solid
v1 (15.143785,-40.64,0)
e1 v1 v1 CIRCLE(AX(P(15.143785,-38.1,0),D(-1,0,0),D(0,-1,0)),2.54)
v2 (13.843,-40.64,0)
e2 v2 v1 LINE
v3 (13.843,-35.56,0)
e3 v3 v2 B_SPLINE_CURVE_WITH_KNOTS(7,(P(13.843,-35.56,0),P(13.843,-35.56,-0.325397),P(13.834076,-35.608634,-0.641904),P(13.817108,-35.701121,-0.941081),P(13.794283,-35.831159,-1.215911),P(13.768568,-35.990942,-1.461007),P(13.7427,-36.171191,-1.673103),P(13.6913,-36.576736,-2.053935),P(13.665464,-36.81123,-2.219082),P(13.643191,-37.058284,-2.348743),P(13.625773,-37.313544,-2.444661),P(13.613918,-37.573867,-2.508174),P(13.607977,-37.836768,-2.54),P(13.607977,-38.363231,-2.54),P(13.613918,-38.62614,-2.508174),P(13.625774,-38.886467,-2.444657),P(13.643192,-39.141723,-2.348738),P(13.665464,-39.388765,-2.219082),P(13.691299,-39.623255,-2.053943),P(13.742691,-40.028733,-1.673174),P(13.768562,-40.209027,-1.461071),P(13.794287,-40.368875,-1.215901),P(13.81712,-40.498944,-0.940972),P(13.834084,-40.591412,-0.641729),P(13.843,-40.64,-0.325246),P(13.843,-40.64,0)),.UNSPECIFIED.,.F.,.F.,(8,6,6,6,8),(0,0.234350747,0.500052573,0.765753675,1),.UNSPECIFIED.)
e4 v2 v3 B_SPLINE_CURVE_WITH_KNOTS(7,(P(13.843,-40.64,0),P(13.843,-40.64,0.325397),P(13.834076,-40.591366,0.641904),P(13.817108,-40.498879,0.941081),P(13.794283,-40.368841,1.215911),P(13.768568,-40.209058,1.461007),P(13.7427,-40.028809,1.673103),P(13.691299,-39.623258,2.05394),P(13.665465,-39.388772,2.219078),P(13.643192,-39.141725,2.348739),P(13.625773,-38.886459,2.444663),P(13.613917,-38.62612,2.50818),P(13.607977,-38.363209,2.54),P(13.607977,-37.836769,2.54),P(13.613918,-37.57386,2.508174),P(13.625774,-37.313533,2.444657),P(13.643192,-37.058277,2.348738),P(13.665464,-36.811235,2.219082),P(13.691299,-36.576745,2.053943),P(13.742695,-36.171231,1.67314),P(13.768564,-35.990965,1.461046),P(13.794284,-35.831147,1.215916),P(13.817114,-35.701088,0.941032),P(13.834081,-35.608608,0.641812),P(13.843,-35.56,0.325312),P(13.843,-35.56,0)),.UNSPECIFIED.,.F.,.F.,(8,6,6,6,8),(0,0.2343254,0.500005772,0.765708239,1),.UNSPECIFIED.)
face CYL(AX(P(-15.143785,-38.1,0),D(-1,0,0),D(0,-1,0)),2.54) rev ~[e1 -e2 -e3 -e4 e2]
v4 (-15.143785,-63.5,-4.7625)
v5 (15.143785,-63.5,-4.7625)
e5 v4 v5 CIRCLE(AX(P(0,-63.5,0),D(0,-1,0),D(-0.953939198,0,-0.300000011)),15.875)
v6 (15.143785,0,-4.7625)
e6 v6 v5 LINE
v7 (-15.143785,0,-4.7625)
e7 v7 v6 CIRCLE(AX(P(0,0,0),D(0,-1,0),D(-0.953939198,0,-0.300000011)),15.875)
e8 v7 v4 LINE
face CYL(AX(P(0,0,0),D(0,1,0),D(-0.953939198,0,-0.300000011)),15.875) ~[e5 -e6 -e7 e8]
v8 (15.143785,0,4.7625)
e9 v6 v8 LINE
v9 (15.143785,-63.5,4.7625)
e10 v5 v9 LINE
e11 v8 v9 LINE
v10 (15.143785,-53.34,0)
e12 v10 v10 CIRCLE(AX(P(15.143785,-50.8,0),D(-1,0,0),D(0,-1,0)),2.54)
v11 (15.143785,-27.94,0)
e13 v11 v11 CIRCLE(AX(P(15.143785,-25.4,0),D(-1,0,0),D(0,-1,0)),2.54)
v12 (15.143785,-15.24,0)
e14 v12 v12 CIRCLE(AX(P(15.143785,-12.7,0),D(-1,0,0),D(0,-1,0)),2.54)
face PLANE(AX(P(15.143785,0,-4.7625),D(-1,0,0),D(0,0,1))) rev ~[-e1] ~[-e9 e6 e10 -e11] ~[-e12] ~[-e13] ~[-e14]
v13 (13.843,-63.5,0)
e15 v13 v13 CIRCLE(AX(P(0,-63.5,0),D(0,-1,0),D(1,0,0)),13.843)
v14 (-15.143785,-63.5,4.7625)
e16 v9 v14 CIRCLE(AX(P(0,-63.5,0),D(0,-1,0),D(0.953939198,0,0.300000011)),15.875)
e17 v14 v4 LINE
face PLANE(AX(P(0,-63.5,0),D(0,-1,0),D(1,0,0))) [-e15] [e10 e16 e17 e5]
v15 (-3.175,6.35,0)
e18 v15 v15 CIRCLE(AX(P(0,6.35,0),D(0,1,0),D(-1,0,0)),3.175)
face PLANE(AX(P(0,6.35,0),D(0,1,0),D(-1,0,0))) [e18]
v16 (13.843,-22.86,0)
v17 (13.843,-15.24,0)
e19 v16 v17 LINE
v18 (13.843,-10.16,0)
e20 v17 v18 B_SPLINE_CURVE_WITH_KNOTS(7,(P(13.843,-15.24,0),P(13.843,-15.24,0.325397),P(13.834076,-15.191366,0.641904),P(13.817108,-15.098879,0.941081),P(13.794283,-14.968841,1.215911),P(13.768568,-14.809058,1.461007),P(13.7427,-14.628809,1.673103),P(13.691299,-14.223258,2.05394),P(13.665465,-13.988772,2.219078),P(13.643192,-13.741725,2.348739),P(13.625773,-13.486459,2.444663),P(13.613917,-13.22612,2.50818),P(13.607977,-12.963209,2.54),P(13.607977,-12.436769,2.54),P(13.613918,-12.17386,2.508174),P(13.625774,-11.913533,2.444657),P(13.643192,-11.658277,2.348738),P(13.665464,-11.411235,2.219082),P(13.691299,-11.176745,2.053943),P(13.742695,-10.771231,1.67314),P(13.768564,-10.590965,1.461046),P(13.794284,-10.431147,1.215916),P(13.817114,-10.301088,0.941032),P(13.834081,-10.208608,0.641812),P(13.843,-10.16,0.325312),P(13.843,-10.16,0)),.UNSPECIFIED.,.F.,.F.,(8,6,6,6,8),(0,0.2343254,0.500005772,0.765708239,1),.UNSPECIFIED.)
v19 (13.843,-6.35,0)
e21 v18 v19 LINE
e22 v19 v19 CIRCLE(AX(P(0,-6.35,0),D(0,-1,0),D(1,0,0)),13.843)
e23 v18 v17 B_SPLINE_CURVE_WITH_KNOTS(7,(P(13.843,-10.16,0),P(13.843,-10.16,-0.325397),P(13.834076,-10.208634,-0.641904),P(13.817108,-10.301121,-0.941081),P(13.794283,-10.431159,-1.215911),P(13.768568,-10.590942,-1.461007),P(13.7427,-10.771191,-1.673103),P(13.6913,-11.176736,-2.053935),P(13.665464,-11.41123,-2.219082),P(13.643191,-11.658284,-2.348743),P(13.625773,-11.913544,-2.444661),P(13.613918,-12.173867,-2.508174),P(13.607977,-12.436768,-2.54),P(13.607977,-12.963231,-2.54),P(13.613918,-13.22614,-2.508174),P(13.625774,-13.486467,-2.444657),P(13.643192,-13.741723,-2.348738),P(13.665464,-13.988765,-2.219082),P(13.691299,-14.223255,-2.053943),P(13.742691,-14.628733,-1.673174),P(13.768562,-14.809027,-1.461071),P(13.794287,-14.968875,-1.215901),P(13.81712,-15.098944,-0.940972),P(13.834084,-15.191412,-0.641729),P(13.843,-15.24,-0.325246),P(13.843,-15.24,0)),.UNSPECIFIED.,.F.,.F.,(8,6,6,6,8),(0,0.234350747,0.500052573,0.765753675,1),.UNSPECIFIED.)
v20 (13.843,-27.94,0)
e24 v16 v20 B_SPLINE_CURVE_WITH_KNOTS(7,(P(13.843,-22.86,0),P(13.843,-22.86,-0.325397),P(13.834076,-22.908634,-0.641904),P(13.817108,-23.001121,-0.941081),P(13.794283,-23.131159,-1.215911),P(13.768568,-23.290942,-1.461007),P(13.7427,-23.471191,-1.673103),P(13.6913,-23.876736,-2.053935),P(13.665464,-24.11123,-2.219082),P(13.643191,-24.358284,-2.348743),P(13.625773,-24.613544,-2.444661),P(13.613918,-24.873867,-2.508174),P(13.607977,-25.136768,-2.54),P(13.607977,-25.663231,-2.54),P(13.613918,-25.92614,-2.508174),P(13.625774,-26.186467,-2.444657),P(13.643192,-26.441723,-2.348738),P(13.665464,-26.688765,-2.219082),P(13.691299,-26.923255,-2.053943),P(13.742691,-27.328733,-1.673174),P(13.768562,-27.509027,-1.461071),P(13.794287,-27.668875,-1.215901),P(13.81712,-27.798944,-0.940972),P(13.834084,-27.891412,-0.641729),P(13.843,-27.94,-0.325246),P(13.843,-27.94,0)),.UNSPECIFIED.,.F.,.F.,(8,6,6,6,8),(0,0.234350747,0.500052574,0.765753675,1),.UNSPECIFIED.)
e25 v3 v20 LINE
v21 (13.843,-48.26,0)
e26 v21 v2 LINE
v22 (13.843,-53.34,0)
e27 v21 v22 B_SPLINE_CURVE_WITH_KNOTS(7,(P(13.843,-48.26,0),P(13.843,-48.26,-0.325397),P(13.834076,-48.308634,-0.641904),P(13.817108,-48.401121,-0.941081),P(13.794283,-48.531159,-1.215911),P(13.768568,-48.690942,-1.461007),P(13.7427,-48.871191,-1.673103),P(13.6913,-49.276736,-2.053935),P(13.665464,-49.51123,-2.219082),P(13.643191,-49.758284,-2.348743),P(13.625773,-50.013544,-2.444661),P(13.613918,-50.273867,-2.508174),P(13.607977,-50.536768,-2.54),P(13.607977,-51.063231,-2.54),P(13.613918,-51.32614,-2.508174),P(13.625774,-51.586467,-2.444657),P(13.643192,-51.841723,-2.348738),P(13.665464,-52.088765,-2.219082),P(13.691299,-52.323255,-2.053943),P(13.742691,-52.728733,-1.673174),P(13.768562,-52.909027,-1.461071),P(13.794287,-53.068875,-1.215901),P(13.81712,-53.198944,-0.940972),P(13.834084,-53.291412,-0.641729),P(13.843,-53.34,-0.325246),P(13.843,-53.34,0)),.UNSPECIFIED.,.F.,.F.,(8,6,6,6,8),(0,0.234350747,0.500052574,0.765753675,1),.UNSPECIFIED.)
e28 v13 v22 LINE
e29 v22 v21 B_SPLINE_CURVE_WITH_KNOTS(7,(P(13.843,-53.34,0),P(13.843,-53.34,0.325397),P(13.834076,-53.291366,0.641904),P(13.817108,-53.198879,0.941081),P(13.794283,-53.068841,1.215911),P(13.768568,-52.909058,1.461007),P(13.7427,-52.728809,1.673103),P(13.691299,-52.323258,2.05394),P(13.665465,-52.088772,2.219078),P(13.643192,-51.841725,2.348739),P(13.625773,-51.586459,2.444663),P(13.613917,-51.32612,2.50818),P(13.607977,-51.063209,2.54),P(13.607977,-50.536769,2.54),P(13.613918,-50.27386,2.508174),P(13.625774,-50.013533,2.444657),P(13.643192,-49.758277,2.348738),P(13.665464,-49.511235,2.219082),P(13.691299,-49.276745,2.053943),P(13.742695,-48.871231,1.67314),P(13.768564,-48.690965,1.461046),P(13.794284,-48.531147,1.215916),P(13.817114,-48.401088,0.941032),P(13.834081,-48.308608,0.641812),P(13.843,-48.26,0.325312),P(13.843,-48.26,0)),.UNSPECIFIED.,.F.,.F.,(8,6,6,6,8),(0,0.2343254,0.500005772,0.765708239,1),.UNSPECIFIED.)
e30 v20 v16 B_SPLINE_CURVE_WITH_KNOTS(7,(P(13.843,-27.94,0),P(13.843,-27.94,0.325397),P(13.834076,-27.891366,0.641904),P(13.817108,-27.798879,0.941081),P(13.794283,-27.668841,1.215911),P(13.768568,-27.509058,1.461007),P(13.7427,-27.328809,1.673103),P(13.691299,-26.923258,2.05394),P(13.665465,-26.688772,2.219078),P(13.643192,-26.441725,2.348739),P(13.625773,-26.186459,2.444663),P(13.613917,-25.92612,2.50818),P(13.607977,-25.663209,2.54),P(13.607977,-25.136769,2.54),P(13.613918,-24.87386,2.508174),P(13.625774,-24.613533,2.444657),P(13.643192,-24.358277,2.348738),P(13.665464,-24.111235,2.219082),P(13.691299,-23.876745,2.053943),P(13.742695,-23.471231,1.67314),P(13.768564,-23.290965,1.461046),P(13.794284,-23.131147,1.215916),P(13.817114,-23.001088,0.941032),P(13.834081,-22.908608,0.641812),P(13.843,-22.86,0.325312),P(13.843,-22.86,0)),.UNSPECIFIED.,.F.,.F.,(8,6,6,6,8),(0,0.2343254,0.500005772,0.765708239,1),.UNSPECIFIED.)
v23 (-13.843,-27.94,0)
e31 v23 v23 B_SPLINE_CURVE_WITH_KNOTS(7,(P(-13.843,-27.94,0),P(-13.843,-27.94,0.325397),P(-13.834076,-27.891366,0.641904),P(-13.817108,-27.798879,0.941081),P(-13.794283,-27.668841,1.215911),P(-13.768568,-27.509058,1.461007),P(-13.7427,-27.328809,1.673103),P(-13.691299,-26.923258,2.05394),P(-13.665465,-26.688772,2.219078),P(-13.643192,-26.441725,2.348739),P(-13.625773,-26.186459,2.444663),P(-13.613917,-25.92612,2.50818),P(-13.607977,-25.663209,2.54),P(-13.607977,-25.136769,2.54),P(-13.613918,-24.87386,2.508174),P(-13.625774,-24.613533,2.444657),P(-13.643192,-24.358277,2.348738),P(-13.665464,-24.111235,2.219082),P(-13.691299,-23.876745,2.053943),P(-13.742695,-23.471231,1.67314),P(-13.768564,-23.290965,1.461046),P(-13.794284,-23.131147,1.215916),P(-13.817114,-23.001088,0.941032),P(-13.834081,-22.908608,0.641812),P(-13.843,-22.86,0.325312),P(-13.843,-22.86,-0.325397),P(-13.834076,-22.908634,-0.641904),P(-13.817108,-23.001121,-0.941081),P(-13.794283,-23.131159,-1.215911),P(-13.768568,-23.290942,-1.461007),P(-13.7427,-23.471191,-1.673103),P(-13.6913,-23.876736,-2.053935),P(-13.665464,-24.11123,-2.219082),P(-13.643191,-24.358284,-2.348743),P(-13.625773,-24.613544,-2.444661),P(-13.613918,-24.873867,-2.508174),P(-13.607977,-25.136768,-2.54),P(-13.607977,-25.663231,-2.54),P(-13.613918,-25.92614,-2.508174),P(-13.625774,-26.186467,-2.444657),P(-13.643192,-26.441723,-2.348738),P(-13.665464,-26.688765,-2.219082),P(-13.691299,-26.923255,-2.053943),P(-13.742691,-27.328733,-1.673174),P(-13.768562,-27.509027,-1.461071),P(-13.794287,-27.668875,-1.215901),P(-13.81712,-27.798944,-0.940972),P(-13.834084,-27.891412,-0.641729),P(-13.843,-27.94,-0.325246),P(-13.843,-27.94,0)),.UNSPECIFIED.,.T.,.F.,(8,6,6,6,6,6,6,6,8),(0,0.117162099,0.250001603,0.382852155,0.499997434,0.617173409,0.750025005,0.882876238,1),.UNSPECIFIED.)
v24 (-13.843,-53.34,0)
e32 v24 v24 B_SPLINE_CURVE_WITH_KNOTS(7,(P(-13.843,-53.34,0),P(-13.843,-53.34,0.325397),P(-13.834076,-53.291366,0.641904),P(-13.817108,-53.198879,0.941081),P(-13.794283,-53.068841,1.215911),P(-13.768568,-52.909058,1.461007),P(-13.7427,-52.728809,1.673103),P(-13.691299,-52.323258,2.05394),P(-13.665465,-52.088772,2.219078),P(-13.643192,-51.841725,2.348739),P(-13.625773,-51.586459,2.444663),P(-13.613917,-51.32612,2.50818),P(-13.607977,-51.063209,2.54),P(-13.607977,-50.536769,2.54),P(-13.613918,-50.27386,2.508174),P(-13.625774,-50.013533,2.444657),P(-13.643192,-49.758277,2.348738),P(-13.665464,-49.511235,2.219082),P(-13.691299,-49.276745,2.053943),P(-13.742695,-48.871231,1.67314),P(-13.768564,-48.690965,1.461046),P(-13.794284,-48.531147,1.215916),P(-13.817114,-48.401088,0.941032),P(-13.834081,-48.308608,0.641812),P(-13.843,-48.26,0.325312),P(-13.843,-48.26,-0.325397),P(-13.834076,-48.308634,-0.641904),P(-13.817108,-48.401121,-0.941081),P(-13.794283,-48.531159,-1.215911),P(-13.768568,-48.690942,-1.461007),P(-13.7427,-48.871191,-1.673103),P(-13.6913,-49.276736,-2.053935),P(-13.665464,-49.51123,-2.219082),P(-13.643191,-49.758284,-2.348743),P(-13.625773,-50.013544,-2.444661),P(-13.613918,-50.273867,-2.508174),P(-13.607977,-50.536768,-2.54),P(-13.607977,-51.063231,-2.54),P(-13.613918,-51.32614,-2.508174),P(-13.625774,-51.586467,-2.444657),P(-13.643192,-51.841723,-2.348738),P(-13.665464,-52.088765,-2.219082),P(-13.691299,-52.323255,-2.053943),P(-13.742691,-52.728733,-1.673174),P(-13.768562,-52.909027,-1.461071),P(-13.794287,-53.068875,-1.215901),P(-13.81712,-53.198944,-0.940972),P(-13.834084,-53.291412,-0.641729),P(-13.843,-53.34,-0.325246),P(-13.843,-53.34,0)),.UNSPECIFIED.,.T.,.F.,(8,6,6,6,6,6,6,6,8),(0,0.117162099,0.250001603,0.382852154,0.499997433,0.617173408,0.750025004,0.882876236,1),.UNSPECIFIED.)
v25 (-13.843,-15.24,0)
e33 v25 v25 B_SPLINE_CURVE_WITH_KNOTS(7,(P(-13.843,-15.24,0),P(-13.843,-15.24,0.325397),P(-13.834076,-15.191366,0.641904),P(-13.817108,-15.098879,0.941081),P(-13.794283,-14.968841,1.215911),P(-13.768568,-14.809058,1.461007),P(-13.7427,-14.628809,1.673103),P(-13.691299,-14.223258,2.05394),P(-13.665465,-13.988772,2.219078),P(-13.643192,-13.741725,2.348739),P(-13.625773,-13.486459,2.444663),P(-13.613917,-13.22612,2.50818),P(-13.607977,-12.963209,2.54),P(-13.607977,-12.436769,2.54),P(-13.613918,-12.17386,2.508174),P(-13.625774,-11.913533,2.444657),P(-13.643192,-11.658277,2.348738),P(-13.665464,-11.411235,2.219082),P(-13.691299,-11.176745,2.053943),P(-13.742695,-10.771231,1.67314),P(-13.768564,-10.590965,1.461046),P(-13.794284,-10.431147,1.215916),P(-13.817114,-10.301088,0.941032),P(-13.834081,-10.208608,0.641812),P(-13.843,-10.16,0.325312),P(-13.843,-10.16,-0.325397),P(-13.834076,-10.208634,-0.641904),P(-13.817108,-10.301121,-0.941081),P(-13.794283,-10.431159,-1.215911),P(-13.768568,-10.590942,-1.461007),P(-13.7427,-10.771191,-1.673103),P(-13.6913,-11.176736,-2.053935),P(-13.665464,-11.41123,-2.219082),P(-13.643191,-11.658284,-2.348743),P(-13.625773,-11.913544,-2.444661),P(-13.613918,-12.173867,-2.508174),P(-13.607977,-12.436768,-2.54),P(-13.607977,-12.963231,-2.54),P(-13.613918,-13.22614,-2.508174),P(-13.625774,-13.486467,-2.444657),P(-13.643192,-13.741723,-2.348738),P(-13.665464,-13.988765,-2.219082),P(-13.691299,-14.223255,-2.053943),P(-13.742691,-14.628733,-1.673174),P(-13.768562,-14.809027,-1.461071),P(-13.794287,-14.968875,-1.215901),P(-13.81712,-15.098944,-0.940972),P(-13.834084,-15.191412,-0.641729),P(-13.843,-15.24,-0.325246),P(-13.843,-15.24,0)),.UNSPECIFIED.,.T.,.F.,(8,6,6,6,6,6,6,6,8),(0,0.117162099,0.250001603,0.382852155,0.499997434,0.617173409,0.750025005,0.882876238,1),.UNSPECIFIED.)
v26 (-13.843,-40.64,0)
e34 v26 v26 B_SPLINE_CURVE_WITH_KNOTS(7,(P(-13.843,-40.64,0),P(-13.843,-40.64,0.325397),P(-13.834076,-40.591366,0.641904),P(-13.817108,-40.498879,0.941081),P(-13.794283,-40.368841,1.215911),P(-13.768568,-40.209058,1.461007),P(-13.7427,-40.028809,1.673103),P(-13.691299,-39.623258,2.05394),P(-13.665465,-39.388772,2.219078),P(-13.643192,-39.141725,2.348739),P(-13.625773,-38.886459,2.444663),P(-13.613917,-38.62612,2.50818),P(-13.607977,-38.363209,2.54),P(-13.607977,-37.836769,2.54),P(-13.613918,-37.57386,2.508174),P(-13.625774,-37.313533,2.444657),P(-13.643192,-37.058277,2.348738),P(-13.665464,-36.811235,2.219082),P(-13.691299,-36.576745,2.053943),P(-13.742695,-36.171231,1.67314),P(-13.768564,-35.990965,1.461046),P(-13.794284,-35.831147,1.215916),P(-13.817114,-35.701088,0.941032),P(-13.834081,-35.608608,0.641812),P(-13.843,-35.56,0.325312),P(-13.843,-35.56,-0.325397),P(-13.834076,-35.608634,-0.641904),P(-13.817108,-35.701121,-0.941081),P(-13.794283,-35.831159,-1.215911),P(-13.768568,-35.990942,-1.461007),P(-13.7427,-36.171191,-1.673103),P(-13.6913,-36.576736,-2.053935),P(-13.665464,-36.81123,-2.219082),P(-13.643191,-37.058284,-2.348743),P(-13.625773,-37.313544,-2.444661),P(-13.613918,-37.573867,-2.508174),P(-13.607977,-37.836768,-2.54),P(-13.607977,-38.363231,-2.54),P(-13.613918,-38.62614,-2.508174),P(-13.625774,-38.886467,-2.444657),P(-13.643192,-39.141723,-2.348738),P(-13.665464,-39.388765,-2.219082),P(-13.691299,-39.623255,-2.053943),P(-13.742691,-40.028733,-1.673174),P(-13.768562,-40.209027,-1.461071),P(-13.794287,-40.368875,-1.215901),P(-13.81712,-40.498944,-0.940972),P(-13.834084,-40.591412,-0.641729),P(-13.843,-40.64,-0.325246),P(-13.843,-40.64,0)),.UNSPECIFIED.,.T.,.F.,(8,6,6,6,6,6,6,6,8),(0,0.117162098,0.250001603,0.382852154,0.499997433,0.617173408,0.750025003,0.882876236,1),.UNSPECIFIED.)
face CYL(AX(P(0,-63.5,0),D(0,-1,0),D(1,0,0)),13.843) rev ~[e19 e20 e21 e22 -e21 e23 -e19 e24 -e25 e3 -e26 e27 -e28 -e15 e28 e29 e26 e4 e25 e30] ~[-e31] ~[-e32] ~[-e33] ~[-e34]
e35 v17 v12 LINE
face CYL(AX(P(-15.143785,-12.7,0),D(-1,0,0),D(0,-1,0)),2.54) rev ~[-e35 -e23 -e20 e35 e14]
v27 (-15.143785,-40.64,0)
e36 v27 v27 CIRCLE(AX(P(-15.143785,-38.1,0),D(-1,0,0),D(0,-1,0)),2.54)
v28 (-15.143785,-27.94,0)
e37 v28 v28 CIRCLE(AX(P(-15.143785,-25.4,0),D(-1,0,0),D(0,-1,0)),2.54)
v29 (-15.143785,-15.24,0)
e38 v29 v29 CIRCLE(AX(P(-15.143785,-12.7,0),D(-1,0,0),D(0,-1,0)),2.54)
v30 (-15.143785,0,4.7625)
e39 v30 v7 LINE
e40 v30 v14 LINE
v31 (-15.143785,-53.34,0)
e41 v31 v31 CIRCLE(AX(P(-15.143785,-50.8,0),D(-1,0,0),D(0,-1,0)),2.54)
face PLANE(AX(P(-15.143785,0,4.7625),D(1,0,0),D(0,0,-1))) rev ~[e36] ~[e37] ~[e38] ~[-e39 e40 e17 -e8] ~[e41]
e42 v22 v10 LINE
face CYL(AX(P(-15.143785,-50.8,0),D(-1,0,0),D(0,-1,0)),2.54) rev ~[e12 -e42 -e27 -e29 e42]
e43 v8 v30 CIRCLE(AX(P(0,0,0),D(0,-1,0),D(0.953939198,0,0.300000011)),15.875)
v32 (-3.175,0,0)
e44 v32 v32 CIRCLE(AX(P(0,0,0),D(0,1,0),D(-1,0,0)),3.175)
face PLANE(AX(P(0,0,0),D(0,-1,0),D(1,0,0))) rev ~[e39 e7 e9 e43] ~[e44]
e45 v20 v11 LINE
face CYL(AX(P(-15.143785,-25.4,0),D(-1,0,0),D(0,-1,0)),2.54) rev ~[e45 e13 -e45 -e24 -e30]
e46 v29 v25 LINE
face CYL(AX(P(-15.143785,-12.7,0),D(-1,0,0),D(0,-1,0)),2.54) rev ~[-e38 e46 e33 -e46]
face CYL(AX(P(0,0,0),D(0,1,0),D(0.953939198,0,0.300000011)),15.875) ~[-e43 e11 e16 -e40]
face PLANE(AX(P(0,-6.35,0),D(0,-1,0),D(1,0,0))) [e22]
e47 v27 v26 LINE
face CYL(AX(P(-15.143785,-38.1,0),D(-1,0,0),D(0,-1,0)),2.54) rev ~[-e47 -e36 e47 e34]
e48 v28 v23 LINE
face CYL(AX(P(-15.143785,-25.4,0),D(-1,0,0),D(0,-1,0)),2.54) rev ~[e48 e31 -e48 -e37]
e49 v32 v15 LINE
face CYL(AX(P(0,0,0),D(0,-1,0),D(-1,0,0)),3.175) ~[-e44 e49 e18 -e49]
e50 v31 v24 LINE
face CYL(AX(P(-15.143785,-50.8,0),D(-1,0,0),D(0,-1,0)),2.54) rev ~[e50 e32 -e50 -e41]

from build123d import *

# Parameters (mm, degrees)
F1_DEPTH = 63.5
F2_R     = 13.843
F3_DEPTH = 57.15
F4_R     = 3.175
F5_DEPTH = 6.35
F6_R     = 2.54
F7_DEPTH = 30.28857


with BuildPart() as f1:
    # F0 (on Front) → F1 (new body)
    with BuildSketch(Plane.XZ):
        with BuildLine():
            Line((15.143785, -4.7625), (15.143785, 4.7625))
            ThreePointArc((15.143785, 4.7625), (0, 15.875), (-15.143785, 4.7625))
            Line((-15.143785, 4.7625), (-15.143785, -4.7625))
            ThreePointArc((-15.143785, -4.7625), (0, -15.875), (15.143785, -4.7625))
        make_face()
    extrude(amount=F1_DEPTH)

    # F2 (on face) → F3 (cut)
    with BuildSketch(Plane.XZ.offset(63.5)):
        Circle(F2_R)
    extrude(amount=-F3_DEPTH, mode=Mode.SUBTRACT)

    # F4 (on face) → F5 (join)
    with BuildSketch(Plane(origin=(0, 0, 0), x_dir=(-1, 0, 0), z_dir=(0, 1, 0))):
        Circle(F4_R)
    extrude(amount=F5_DEPTH)

    # F6 (on face) → F7 (cut, through all)
    with BuildSketch(Plane(origin=(-15.143785, 0, 0), x_dir=(0, -1, 0), z_dir=(-1, 0, 0))):
        with Locations((12.7, 0)):
            Circle(F6_R)
        with Locations((50.8, 0)):
            Circle(F6_R)
        with Locations((25.4, 0)):
            Circle(F6_R)
        with Locations((38.1, 0)):
            Circle(F6_R)
    extrude(amount=-F7_DEPTH, mode=Mode.SUBTRACT)


solid = f1.part
